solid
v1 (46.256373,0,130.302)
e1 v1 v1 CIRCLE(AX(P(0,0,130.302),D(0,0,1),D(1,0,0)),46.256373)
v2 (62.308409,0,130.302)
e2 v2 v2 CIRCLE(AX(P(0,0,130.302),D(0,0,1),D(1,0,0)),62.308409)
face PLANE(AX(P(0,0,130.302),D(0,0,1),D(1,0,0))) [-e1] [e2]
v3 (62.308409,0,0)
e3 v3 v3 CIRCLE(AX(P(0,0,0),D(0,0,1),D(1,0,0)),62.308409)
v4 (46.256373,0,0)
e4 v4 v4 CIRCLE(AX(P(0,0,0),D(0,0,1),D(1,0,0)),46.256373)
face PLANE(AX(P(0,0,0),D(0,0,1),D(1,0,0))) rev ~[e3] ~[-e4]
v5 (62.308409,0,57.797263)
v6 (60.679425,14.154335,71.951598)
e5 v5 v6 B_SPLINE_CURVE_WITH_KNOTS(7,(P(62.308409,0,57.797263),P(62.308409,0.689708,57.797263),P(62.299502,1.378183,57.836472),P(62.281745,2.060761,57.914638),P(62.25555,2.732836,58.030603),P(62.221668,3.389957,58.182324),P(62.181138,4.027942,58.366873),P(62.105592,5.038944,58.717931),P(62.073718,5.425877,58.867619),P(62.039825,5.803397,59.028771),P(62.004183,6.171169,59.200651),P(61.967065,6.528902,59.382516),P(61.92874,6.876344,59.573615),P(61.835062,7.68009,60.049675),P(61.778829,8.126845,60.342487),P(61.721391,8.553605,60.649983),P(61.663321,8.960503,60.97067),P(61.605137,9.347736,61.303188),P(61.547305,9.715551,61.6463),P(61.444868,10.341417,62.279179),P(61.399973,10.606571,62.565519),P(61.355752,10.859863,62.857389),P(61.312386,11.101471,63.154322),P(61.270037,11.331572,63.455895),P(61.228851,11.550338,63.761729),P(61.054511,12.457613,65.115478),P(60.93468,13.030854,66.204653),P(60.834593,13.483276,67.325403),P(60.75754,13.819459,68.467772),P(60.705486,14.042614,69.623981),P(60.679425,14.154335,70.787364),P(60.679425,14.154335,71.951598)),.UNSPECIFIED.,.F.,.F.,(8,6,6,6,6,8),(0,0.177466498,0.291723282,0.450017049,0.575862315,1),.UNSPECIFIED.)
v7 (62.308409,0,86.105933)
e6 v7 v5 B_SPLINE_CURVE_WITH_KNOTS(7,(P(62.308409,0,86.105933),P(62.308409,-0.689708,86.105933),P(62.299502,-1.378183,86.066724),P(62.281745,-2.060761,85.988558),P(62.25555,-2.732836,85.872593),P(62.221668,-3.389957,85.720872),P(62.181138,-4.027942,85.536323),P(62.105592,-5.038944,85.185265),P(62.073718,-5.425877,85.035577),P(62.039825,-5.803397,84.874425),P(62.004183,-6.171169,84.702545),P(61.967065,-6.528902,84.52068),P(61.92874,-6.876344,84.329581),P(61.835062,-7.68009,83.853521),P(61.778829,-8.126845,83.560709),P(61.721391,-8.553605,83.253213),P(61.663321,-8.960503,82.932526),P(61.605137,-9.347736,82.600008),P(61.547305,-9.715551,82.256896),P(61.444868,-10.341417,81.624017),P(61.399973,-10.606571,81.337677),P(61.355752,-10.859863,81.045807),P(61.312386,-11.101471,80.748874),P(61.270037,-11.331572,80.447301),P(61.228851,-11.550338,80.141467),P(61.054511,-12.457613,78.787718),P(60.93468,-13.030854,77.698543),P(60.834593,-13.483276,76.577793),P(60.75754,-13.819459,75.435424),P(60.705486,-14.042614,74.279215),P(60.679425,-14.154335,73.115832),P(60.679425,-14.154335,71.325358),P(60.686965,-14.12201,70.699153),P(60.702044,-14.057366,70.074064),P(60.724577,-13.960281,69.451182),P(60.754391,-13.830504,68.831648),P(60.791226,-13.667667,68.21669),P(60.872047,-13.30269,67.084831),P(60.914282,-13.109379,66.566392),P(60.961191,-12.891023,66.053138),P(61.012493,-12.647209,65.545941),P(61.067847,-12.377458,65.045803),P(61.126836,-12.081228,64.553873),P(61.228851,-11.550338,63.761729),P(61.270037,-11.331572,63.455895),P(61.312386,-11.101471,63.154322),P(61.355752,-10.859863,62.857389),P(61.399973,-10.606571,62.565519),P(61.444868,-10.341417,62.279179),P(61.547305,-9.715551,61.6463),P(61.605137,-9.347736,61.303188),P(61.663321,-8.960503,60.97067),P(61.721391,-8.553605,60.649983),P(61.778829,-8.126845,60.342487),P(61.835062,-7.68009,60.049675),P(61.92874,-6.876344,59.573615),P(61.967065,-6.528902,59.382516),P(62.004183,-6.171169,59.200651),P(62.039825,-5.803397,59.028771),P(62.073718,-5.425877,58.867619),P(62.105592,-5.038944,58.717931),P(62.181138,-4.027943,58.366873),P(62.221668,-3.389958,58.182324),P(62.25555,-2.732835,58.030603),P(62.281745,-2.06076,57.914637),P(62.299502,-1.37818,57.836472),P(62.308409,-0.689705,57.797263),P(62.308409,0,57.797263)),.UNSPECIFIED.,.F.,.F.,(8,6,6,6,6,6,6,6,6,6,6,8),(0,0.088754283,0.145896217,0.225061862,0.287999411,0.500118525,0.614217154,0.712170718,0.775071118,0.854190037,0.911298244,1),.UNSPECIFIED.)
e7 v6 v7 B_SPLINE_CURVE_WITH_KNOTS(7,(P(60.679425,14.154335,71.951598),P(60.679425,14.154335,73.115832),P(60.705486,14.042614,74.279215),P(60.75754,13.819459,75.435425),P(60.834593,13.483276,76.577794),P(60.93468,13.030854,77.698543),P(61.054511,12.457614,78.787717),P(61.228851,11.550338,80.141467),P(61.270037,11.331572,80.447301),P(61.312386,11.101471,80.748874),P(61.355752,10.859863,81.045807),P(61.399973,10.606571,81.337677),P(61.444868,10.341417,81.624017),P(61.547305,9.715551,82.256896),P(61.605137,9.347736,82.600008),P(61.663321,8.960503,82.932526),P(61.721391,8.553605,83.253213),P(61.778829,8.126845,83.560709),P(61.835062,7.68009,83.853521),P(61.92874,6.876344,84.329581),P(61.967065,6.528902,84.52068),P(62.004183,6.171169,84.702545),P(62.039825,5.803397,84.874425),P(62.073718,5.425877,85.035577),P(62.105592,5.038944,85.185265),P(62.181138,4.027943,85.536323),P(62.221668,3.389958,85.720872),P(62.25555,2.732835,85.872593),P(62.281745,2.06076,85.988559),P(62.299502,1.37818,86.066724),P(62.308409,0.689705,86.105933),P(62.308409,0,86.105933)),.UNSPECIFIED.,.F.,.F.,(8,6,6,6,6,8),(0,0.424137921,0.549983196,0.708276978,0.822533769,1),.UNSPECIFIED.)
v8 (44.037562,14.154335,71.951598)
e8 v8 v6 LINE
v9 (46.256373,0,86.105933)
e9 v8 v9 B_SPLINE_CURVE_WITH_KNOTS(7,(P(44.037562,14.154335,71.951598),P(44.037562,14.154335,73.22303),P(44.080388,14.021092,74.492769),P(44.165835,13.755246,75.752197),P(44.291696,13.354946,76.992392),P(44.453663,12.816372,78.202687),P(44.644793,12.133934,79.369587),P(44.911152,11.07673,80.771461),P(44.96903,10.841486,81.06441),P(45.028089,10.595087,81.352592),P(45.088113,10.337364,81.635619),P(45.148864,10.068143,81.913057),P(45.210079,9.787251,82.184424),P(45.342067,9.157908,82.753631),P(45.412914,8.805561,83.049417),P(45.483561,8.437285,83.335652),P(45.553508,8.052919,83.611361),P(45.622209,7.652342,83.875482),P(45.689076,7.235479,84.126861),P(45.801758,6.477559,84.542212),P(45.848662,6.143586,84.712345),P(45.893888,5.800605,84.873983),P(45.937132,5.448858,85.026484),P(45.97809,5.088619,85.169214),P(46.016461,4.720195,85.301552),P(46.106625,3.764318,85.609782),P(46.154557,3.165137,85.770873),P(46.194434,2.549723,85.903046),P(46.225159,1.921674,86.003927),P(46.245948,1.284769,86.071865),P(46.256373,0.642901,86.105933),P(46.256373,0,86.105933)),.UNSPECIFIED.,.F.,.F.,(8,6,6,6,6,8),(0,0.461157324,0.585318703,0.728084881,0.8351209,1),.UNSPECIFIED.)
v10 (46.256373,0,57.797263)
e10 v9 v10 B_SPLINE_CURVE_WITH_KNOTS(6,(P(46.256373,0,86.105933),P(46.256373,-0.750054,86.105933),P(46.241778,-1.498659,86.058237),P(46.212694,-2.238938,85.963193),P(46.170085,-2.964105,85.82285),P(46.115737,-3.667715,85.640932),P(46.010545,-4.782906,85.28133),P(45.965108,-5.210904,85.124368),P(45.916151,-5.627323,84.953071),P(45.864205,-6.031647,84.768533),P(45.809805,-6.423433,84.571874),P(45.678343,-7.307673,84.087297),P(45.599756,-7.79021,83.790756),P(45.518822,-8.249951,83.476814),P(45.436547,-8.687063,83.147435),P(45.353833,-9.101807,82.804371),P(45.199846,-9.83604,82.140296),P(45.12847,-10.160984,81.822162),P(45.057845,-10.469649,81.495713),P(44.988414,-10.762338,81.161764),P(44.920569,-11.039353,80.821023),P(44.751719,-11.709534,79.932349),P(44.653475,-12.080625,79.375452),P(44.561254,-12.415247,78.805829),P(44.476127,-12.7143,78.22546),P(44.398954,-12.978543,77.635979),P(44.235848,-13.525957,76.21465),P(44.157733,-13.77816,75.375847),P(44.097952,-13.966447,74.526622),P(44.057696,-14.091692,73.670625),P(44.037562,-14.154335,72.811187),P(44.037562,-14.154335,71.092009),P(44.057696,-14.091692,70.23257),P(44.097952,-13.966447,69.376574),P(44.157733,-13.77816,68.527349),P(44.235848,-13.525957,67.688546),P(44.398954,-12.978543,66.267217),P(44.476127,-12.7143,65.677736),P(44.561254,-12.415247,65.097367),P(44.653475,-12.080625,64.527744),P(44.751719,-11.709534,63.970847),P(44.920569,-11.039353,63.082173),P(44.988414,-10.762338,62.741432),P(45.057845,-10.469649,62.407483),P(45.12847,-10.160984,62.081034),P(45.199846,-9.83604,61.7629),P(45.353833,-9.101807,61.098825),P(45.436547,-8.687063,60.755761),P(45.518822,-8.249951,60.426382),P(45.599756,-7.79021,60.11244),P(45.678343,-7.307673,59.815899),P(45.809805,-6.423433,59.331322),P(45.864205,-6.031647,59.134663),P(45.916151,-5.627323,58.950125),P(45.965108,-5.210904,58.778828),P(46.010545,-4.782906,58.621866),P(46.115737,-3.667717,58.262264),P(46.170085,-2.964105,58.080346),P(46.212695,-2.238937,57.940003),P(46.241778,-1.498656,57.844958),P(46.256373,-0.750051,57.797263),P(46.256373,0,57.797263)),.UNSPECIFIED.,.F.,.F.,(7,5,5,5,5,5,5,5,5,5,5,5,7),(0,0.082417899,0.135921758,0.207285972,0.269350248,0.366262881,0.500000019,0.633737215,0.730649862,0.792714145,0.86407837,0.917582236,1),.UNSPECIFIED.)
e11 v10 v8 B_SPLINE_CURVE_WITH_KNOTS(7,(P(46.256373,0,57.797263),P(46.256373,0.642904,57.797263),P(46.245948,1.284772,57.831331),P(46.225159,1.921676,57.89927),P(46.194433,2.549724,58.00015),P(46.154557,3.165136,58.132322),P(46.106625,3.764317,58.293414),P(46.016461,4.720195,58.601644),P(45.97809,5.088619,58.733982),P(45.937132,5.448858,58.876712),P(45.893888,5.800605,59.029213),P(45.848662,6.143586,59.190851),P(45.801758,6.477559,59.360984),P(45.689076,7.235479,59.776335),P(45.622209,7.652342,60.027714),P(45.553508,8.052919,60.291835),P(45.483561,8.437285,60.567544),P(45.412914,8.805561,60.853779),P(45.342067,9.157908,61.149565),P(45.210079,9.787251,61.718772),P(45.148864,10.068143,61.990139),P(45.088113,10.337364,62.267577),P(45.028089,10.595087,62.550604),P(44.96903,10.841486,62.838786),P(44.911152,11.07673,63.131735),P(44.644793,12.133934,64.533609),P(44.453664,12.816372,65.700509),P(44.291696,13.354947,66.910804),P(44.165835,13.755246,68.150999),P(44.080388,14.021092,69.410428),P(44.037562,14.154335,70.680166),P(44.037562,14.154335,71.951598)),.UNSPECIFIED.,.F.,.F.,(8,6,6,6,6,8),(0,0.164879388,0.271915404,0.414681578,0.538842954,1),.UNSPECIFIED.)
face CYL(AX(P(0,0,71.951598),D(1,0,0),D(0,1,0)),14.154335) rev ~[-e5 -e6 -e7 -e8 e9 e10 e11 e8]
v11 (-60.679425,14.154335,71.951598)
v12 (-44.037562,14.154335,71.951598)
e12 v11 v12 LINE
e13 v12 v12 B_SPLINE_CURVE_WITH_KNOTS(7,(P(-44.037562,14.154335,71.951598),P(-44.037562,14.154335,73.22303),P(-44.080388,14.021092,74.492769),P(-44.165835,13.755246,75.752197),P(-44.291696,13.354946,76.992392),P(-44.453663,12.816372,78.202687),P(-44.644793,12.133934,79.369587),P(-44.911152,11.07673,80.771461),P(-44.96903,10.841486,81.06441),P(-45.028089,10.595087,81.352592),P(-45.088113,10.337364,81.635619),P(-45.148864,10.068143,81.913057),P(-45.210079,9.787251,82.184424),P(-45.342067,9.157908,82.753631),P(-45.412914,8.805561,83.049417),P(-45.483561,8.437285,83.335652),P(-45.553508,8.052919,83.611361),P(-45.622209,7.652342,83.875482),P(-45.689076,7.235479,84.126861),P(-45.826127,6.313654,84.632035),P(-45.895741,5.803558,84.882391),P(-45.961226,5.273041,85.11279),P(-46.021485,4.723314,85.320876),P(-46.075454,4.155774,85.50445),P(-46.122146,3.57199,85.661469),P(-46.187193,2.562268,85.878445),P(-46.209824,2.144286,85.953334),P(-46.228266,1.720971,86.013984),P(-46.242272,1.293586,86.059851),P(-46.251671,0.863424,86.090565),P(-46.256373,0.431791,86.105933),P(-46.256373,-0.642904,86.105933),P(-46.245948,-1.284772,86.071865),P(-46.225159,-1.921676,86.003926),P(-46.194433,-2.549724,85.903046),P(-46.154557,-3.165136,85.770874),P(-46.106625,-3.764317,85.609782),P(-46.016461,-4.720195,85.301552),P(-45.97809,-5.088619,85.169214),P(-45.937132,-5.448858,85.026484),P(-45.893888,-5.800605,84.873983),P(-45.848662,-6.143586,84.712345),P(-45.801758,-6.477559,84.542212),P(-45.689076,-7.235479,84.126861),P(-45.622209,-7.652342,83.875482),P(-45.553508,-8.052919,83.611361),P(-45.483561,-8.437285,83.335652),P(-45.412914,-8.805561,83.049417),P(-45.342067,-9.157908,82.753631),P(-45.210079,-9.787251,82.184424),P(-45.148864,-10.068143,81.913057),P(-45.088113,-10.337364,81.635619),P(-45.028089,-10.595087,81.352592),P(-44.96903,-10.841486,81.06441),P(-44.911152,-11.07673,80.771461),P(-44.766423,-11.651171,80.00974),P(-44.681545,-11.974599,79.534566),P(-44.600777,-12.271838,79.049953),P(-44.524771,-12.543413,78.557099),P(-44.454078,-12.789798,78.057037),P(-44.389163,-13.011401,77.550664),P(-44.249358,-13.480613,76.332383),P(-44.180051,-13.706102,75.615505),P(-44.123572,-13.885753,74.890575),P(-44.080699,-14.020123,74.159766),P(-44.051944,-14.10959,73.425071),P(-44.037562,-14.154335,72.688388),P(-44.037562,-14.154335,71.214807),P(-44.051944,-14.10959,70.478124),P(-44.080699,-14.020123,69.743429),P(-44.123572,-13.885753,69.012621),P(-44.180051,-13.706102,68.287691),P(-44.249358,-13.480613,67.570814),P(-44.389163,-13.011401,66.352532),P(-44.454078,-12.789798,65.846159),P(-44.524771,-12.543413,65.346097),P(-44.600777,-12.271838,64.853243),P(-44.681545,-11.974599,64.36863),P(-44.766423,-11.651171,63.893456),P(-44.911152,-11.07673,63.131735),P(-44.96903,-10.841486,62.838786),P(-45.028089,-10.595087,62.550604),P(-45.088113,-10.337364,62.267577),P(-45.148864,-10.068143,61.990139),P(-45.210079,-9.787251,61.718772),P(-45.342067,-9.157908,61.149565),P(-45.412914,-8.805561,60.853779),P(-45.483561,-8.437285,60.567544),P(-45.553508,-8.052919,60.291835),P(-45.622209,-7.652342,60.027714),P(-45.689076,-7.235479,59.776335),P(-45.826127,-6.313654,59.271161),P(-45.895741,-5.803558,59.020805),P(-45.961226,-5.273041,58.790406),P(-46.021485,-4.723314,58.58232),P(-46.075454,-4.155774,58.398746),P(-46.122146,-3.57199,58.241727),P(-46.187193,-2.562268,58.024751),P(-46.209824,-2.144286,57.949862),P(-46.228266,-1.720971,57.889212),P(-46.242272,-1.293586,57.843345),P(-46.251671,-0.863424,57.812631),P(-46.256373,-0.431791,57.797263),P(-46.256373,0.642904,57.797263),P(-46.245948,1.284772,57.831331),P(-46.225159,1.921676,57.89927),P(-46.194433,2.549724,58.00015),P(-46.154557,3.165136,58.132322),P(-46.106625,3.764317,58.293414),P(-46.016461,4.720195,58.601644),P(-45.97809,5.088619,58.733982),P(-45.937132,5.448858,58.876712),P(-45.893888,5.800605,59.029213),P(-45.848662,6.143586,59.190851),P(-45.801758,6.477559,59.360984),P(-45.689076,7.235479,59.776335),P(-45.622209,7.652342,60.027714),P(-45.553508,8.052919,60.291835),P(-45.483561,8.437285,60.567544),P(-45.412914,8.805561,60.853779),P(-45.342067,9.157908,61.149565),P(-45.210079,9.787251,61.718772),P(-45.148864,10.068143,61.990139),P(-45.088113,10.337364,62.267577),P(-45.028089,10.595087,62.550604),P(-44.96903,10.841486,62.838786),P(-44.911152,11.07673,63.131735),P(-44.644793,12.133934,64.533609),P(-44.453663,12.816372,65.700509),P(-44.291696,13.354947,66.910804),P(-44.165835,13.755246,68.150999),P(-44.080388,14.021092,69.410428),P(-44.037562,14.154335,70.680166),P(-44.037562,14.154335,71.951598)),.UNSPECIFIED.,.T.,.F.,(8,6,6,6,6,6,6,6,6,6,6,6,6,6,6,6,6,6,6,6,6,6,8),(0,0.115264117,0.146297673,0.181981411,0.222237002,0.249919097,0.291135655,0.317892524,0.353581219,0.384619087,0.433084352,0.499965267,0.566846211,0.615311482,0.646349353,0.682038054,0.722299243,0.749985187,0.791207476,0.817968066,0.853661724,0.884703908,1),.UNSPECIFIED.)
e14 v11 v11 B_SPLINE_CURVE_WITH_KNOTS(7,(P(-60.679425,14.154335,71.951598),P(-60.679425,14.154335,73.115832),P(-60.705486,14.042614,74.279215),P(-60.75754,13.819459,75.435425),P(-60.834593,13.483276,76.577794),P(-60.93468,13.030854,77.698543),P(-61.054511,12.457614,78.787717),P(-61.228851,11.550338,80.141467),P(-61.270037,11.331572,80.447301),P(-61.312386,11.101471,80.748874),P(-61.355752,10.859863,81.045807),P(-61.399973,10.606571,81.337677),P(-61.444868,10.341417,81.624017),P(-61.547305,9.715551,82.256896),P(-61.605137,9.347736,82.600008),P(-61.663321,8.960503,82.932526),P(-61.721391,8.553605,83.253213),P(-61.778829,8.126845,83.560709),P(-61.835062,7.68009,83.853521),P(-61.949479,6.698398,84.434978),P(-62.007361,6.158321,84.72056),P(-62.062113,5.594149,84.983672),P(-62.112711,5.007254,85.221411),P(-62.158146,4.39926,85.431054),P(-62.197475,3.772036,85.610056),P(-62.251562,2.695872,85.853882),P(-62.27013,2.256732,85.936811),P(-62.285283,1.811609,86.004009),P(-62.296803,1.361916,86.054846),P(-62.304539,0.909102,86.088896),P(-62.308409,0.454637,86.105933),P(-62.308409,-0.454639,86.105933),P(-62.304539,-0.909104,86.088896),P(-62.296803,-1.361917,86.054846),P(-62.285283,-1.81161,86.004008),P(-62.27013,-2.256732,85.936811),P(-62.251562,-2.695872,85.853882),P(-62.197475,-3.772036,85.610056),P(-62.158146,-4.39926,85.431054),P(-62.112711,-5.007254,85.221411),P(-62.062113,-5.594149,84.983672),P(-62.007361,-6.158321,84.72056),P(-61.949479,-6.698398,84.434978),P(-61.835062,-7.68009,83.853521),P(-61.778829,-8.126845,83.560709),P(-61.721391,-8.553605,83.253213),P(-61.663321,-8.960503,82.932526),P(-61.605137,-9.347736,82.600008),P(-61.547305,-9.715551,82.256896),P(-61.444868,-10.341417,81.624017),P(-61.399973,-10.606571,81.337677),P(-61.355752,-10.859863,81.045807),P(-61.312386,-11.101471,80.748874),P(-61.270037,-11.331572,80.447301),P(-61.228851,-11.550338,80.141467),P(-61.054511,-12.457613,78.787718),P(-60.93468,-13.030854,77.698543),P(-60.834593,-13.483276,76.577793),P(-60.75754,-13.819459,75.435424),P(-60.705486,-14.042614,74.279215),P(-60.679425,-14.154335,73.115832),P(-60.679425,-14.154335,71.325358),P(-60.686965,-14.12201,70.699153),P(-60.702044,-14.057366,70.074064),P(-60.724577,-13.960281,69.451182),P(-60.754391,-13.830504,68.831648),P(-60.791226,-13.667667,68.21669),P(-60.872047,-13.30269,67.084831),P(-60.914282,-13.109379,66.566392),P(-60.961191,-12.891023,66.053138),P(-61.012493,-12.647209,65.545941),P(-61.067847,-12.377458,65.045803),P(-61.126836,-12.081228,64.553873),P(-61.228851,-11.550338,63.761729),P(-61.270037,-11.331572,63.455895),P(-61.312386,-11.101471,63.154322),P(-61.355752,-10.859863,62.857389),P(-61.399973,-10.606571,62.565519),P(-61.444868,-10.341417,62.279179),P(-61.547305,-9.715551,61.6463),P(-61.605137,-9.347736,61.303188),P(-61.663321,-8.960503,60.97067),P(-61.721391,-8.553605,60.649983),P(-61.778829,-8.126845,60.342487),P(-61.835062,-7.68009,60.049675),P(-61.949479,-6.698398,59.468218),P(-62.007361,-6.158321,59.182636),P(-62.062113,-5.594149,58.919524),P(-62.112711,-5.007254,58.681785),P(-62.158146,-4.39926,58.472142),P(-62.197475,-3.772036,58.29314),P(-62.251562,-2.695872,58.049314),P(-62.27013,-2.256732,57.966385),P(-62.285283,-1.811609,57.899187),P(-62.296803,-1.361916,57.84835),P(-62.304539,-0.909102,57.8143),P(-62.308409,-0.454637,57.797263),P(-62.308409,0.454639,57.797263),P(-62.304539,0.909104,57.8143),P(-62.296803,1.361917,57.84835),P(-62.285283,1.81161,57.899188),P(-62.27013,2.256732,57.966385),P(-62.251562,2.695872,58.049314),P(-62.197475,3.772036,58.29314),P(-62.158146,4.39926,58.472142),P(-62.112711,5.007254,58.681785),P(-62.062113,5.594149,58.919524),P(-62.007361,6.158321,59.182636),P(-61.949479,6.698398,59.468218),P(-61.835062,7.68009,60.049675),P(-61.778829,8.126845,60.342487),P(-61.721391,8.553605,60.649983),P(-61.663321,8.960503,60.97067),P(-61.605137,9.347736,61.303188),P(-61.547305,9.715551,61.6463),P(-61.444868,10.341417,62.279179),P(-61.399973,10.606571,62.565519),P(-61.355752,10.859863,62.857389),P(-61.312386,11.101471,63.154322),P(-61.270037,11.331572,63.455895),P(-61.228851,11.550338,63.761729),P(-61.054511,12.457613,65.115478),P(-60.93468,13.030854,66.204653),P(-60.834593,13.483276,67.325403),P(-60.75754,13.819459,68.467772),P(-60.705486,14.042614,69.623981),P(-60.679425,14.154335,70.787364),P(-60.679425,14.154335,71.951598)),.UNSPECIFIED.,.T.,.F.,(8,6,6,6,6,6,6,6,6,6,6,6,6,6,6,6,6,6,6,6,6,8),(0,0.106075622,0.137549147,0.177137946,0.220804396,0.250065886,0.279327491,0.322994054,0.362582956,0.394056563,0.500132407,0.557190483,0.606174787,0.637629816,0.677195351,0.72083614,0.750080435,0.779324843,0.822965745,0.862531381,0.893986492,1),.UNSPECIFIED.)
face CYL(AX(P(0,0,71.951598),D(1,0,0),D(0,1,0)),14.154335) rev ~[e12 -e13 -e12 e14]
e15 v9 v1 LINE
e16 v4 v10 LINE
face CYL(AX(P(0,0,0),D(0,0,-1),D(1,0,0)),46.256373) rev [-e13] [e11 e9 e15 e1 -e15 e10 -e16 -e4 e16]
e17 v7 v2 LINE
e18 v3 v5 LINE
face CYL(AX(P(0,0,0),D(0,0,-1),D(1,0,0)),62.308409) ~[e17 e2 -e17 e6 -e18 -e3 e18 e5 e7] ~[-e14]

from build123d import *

# Parameters (mm, degrees)
F0_R     = 62.308409
F0_R_2   = 46.256373
F1_DEPTH = 130.302
F2_R     = 14.154335
F3_DEPTH = 63.5


with BuildPart() as f1:
    # F0 (on Top) → F1 (new body)
    with BuildSketch(Plane.XY):
        Circle(F0_R)
        Circle(F0_R_2, mode=Mode.SUBTRACT)
    extrude(amount=F1_DEPTH)

    # F2 (on Right) → F3 (cut, symmetric)
    with BuildSketch(Plane.YZ):
        with Locations((0, 71.951598)):
            Circle(F2_R)
    extrude(amount=F3_DEPTH, both=True, mode=Mode.SUBTRACT)


solid = f1.part
